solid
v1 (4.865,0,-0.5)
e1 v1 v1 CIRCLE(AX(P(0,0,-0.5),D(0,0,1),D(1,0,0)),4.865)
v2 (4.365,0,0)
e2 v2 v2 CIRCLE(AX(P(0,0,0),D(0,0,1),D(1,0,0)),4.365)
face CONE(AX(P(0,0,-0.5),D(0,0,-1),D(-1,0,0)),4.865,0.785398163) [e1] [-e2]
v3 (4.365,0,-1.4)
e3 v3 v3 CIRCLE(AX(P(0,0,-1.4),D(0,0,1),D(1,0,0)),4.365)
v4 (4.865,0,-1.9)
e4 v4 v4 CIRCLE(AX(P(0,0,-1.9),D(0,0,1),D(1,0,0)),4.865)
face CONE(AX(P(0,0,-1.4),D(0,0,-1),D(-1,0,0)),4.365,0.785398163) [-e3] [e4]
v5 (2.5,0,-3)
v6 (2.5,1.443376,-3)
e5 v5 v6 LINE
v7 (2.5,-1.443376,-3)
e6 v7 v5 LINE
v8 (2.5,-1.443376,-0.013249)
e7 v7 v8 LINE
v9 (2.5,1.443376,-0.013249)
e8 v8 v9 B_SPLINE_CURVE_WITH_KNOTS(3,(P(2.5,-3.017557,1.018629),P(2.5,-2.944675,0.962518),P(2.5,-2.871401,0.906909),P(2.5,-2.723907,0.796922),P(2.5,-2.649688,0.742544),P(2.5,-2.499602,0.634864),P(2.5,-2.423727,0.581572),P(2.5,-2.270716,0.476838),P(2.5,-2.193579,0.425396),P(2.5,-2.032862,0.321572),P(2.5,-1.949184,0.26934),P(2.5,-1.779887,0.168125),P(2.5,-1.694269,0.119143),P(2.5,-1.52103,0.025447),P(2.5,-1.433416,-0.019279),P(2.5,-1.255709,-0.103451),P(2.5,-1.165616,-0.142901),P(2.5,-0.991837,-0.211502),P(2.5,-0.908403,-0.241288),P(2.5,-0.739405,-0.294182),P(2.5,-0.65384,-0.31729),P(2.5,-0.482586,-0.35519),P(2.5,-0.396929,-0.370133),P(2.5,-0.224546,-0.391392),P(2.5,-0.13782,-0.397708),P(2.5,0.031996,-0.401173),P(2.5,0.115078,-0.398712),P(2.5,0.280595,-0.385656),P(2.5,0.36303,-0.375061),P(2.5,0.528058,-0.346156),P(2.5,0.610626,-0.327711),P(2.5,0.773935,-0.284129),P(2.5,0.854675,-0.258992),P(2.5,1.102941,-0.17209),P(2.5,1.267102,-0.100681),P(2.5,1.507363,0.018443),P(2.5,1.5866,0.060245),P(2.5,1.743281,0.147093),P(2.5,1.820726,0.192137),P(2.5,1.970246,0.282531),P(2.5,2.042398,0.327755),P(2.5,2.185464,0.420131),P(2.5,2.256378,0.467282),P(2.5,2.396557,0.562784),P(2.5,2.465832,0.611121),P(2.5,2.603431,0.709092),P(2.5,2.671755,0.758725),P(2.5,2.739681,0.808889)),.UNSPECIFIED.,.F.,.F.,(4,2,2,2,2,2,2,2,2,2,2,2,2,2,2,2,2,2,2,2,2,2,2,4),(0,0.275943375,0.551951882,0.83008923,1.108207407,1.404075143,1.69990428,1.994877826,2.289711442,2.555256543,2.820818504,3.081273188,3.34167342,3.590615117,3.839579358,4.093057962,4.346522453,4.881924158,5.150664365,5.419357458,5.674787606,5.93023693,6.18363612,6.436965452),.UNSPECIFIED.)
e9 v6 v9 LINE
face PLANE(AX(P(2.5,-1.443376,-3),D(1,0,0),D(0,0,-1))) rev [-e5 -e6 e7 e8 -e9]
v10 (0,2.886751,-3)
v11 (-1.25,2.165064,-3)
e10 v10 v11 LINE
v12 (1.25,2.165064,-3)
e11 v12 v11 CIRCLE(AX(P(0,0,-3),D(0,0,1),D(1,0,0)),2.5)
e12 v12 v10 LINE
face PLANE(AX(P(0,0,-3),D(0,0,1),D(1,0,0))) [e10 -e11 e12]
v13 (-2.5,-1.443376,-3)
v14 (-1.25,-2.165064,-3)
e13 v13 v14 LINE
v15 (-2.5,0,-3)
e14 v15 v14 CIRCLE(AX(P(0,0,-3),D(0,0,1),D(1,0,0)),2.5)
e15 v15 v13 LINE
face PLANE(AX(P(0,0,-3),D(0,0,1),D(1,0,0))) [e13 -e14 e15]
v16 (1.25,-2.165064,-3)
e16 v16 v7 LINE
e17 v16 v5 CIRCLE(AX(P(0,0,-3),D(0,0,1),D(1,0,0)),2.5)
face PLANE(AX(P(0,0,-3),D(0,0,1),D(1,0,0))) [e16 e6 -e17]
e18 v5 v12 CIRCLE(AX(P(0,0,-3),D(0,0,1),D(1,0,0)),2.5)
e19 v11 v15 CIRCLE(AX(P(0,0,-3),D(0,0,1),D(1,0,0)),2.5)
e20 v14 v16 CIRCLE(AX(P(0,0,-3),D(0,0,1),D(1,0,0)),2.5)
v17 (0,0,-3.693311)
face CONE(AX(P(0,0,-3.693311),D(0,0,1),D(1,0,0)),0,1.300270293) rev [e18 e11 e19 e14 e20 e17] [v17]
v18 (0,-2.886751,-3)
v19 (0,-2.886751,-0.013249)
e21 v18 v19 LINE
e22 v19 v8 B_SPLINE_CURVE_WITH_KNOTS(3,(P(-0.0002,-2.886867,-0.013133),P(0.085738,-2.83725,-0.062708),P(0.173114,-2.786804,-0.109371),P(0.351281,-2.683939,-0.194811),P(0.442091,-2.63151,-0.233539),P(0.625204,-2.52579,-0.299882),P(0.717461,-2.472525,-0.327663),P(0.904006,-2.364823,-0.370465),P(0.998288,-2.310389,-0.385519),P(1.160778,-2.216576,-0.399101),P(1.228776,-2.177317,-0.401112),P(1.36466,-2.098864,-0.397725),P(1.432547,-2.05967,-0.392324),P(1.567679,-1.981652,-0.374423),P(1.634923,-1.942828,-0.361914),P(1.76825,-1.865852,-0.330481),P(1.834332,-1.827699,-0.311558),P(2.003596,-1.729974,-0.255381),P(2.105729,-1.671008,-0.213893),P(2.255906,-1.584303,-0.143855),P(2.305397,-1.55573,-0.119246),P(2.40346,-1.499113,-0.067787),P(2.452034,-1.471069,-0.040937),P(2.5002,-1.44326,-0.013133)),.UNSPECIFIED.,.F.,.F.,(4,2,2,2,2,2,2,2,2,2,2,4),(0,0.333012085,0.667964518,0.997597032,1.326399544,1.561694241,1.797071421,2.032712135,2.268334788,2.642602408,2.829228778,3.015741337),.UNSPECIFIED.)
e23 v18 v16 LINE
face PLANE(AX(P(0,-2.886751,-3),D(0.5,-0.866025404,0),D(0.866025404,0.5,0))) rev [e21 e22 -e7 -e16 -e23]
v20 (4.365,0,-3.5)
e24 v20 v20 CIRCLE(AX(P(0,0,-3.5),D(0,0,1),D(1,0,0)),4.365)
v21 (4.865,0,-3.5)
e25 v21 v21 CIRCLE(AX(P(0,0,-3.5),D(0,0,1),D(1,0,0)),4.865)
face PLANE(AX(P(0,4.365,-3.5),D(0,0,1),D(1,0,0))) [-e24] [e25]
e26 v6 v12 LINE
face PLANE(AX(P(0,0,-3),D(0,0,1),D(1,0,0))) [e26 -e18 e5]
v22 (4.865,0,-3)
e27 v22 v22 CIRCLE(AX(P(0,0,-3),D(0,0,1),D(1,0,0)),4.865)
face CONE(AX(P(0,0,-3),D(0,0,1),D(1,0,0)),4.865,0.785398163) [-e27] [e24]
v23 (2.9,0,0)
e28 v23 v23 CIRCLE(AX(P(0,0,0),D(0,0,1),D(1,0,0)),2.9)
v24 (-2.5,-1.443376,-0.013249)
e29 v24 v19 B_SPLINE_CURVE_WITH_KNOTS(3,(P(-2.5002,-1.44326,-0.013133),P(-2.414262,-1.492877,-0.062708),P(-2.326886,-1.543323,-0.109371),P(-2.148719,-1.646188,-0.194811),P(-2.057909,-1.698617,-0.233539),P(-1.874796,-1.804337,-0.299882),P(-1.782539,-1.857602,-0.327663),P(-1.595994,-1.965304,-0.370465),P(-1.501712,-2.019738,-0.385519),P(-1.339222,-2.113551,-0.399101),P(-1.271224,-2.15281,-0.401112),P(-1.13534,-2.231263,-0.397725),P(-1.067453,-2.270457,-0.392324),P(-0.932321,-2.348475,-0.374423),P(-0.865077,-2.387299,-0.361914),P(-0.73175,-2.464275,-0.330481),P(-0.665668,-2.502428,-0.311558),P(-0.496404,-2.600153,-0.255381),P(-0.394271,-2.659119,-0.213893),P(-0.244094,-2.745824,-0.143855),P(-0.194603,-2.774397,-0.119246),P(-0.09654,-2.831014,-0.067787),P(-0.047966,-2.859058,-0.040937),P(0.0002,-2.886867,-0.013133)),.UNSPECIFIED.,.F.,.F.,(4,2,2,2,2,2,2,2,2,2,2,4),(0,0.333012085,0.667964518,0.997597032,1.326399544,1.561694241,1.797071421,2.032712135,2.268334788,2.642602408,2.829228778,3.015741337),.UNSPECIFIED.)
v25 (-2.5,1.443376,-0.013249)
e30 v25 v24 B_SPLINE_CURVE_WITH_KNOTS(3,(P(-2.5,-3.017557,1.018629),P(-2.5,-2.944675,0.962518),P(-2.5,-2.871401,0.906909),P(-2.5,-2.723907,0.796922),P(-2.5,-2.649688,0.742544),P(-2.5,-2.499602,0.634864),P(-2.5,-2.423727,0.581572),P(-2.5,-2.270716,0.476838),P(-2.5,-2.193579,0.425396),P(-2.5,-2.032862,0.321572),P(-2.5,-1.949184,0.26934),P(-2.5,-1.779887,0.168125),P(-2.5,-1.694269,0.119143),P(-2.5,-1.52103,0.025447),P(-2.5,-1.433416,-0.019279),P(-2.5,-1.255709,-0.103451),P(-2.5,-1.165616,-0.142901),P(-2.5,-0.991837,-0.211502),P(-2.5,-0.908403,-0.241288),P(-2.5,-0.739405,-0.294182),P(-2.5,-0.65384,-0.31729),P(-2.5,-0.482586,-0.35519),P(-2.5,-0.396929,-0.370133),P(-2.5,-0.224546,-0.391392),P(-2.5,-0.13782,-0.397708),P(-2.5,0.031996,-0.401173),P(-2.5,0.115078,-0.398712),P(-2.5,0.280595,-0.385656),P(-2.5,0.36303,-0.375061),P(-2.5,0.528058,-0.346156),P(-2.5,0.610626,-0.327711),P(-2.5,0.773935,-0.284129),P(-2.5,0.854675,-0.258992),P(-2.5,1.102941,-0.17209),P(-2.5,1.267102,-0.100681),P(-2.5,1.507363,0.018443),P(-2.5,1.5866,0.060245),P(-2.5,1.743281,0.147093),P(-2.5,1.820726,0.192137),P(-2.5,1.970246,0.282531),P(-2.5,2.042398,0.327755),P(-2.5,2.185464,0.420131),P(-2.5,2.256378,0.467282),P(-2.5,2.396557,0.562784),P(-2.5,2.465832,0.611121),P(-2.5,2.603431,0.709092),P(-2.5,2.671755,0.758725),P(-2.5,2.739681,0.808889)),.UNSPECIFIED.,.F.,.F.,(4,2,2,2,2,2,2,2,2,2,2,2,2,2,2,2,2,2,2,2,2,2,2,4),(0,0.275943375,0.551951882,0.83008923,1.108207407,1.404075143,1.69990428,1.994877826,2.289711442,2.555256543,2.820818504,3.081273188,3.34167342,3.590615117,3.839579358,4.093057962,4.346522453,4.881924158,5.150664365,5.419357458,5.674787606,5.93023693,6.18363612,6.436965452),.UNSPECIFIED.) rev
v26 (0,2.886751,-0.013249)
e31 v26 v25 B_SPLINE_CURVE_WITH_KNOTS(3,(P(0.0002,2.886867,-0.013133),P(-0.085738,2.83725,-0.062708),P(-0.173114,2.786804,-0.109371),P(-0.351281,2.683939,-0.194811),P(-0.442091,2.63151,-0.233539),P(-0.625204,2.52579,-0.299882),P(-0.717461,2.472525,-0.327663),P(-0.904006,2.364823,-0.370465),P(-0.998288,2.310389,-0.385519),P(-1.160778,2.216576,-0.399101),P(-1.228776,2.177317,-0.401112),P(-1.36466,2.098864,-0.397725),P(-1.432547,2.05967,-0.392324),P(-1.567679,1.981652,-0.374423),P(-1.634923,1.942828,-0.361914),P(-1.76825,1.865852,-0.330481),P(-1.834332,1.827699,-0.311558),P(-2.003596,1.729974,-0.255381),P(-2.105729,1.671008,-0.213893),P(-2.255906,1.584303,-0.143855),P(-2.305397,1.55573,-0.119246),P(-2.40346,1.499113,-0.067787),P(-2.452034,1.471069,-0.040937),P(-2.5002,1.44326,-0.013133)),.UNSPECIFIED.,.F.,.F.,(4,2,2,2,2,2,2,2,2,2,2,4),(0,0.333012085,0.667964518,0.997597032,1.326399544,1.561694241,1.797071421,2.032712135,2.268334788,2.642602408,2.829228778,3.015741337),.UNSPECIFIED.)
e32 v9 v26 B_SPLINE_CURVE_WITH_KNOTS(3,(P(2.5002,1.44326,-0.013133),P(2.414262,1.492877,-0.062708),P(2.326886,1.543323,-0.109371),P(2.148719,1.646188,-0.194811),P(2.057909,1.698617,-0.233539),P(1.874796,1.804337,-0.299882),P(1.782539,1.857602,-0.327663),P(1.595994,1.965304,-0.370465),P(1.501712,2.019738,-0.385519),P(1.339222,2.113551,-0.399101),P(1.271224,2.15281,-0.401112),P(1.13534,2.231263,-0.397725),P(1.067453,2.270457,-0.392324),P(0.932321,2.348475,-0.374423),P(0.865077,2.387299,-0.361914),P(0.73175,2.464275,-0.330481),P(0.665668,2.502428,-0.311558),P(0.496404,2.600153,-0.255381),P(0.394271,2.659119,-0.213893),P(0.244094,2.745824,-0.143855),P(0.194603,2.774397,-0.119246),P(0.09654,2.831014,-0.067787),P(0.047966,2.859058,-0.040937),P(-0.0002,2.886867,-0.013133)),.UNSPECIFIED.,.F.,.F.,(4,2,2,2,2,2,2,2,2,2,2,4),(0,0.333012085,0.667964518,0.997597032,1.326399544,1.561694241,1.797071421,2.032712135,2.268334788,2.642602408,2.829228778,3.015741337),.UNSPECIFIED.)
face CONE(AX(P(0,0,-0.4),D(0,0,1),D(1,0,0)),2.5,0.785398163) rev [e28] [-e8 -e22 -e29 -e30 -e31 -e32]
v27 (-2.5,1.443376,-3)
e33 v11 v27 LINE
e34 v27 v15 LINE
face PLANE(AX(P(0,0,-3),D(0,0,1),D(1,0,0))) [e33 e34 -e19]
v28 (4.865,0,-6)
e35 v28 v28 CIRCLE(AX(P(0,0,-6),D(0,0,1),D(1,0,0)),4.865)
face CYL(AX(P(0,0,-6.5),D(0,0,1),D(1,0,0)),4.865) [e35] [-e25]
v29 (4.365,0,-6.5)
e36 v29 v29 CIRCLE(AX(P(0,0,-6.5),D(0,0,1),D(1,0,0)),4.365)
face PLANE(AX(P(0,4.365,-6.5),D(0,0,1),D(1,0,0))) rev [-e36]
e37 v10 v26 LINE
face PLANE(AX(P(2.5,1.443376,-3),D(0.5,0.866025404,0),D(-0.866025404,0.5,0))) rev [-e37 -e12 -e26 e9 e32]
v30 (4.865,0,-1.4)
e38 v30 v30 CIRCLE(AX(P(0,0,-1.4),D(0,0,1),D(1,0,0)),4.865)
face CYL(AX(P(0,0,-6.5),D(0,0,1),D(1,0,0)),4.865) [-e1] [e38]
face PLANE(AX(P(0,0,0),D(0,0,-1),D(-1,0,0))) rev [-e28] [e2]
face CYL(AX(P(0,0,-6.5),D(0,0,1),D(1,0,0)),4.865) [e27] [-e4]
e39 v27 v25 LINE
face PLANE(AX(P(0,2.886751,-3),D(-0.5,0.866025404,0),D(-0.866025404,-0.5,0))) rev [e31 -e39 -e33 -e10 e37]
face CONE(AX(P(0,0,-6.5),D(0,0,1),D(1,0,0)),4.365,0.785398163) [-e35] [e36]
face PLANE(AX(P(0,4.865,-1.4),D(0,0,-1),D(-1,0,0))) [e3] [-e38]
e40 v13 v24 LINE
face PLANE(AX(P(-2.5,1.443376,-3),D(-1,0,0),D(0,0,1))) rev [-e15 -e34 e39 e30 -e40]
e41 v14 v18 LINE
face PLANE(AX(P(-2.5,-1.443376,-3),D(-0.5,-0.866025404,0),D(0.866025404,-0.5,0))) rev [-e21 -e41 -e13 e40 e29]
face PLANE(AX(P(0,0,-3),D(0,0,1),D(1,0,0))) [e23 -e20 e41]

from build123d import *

# Parameters (mm, degrees)
CUT_EXTRUDE1_DEPTH = 3


with BuildPart() as part:
    # Sketch1 → Revolve1 (revolve)
    with BuildSketch(Plane(origin=(0, 0, 0), x_dir=(0, 0, -1), z_dir=(1, 0, 0))):
        Polygon((0, 0), (0, 4.365), (0.5, 4.865), (6, 4.865), (6.5, 4.365), (6.5, 0), align=None)
    revolve(axis=Axis((0, 0, -6.5), (0, 0, 1)))

    # Sketch2 → Cut-Revolve1 (revolve, cut)
    with BuildSketch(Plane(origin=(0, 0, 0), x_dir=(0, 0, -1), z_dir=(1, 0, 0))):
        Polygon((0, 4.865), (1.4, 4.865), (1.4, 4.365), (1.9, 4.865), (3, 4.865), (3.5, 4.365), (3.5, 4.865), (6.5, 4.865), (6.5, 9.865), (0, 9.865), align=None)
    revolve(axis=Axis((0, 0, -6.5), (0, 0, 1)), mode=Mode.SUBTRACT)

    # Sketch3 → Cut-Revolve2 (revolve, cut)
    with BuildSketch(Plane(origin=(0, 0, 0), x_dir=(0, 0, -1), z_dir=(1, 0, 0))):
        Polygon((0, 0), (0, 2.9), (0.4, 2.5), (3, 2.5), (3.69331136, 0), align=None)
    revolve(axis=Axis((0, 0, -3.69331136), (0, 0, 1)), mode=Mode.SUBTRACT)

    # Sketch4 → Cut-Extrude1 (cut)
    with BuildSketch(Plane.XY):
        Polygon((-2.5, -1.443375673), (0, -2.886751346), (2.5, -1.443375673), (2.5, 1.443375673), (0, 2.886751346), (-2.5, 1.443375673), align=None)
    extrude(amount=-CUT_EXTRUDE1_DEPTH, mode=Mode.SUBTRACT)


solid = part.part
